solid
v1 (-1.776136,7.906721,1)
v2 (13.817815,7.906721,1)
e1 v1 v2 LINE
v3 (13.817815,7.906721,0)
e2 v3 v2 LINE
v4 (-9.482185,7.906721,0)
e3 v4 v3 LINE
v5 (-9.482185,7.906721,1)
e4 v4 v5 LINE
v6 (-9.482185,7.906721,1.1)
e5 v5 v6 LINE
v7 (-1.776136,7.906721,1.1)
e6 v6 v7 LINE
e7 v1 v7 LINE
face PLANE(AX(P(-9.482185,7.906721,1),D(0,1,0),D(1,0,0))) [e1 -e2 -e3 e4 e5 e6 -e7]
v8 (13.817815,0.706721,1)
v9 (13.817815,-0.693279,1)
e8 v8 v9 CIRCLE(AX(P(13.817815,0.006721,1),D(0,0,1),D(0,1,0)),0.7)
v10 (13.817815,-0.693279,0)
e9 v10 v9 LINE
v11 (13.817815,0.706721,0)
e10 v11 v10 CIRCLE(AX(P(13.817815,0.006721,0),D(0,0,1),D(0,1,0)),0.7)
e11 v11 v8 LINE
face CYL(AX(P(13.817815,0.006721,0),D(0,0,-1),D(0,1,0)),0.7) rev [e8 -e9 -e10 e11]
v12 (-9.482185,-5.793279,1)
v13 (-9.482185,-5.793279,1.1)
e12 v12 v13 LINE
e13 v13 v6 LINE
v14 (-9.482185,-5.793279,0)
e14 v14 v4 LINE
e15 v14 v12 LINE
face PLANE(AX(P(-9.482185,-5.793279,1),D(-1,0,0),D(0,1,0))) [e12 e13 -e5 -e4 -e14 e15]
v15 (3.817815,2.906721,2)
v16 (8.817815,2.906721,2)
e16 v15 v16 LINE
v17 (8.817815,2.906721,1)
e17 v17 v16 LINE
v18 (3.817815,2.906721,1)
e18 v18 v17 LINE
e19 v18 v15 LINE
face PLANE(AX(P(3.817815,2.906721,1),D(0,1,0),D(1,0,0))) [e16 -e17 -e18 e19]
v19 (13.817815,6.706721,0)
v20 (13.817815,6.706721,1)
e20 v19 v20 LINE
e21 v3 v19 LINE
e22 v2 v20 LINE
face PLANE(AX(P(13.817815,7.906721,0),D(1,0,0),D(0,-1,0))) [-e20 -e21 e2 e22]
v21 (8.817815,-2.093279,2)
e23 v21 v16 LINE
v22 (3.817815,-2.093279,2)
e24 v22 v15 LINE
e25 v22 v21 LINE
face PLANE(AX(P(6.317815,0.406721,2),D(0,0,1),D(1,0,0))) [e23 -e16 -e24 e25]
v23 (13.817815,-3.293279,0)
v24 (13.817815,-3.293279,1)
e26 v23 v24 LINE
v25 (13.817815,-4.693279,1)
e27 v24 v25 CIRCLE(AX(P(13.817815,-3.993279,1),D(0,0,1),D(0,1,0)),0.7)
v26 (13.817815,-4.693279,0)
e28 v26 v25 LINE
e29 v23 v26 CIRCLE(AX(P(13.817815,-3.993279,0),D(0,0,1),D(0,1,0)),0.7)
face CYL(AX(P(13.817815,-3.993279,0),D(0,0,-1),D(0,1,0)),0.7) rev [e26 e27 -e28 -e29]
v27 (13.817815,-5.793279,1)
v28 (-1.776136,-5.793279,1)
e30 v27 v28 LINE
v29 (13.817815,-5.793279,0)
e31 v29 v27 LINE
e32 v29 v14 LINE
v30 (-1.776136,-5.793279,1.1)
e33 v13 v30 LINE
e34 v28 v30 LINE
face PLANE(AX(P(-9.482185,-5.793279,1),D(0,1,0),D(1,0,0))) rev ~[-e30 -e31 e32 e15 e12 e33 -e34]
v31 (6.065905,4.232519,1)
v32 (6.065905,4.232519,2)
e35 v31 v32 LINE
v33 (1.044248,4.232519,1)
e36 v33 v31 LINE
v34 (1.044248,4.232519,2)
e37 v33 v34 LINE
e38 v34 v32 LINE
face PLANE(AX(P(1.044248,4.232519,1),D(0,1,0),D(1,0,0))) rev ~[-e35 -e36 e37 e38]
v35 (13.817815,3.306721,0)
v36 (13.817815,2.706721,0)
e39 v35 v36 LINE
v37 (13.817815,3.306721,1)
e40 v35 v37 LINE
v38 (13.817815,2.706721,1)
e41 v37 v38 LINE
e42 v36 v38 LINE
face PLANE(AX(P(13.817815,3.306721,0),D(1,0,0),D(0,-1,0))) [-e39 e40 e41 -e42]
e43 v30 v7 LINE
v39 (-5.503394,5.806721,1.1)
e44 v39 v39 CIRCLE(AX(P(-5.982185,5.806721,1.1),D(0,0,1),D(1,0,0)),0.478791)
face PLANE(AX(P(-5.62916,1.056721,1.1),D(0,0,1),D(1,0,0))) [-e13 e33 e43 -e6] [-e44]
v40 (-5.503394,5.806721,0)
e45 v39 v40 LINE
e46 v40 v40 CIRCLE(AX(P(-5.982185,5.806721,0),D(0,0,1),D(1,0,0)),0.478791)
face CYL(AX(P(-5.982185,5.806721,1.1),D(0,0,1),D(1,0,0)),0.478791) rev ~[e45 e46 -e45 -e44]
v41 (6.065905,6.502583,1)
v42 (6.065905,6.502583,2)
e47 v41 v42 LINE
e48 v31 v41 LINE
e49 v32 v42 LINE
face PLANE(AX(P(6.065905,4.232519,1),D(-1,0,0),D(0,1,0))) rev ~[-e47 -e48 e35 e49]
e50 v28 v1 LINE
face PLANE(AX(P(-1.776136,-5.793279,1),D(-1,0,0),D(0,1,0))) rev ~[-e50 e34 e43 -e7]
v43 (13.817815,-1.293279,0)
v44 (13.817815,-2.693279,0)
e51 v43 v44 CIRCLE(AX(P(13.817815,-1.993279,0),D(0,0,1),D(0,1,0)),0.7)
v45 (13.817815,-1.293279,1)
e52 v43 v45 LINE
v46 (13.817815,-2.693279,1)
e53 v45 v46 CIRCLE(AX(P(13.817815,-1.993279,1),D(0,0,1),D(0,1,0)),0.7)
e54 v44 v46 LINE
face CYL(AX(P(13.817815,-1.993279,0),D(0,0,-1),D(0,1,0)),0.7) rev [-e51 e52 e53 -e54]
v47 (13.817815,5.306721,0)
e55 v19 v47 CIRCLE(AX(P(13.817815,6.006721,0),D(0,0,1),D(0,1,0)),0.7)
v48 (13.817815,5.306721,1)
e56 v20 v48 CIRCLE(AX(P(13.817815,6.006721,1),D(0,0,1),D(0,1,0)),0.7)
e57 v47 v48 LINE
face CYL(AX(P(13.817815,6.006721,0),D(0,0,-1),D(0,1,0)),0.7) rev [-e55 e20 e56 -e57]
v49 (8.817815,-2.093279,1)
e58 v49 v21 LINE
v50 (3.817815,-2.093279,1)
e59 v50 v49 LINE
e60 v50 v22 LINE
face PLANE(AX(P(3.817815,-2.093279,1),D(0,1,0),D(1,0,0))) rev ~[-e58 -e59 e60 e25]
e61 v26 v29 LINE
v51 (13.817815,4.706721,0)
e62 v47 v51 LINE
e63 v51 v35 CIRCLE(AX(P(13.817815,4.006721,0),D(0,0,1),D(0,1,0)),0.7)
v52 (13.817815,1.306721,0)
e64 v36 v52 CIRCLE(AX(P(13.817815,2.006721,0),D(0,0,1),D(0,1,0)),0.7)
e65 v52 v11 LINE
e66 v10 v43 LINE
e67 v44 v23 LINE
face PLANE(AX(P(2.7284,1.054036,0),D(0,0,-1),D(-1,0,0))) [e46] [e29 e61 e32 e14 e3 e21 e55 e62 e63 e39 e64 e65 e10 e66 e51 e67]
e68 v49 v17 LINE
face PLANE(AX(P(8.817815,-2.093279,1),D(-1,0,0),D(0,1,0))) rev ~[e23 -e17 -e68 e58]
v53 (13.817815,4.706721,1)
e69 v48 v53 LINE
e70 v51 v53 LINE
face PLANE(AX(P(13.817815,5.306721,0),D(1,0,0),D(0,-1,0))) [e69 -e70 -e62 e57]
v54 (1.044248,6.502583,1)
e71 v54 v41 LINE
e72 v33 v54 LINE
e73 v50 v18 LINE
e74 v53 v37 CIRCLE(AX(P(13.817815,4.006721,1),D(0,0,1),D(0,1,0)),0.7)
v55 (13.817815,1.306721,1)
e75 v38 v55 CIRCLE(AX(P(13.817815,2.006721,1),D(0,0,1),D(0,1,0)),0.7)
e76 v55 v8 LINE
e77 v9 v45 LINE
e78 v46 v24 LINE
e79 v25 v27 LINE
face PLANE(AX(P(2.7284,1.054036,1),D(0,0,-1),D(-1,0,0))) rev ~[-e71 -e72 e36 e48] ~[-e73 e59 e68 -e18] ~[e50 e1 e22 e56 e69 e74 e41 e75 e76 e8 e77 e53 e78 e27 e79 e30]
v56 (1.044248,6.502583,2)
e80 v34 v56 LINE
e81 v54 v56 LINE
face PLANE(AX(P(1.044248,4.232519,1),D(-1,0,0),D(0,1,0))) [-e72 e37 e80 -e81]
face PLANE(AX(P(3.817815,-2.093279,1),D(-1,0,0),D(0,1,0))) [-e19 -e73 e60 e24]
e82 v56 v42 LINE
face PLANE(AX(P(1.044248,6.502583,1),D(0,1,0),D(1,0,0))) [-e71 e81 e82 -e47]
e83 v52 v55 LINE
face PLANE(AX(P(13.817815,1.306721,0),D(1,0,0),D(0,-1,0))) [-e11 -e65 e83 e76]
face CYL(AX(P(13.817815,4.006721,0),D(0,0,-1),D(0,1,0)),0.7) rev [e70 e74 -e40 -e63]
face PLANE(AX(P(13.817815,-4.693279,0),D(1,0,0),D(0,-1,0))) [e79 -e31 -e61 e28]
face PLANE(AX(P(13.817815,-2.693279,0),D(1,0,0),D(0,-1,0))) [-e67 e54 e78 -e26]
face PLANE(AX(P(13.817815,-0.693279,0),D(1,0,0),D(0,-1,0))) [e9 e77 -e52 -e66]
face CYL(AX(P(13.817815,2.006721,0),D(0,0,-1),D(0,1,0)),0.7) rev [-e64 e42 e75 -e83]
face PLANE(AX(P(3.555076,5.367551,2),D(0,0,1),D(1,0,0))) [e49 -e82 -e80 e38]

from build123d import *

# Parameters (mm, degrees)
BOSS_EXTRUDE1_DEPTH = 1
SKETCH2_W           = 7.706049631
SKETCH2_H           = 13.7
BOSS_EXTRUDE2_DEPTH = 0.1
SKETCH3_R           = 0.478791287
CUT_EXTRUDE1_DEPTH  = 2.1
SKETCH4_W           = 5
SKETCH4_H           = 5
BOSS_EXTRUDE3_DEPTH = 1
SKETCH6_W           = 5.021657736
SKETCH6_H           = 2.270064456
BOSS_EXTRUDE5_DEPTH = 1


with BuildPart() as part:
    # Sketch1 → Boss-Extrude1 (new body)
    with BuildSketch(Plane.XY):
        with BuildLine():
            Line((13.817814776, 5.306721311), (13.817814776, 4.706721311))
            ThreePointArc((13.817814776, 4.706721311), (13.117814776, 4.006721311), (13.817814776, 3.306721311))
            Line((13.817814776, 3.306721311), (13.817814776, 2.706721311))
            ThreePointArc((13.817814776, 2.706721311), (13.117814776, 2.006721311), (13.817814776, 1.306721311))
            Line((13.817814776, 1.306721311), (13.817814776, 0.706721311))
            ThreePointArc((13.817814776, 0.706721311), (13.117814776, 0.006721311), (13.817814776, -0.693278689))
            Line((13.817814776, -0.693278689), (13.817814776, -1.293278689))
            ThreePointArc((13.817814776, -1.293278689), (13.117814776, -1.993278689), (13.817814776, -2.693278689))
            Line((13.817814776, -2.693278689), (13.817814776, -3.293278689))
            ThreePointArc((13.817814776, -3.293278689), (13.117814776, -3.993278689), (13.817814776, -4.693278689))
            Line((13.817814776, -4.693278689), (13.817814776, -5.793278689))
            Line((13.817814776, -5.793278689), (-9.482185224, -5.793278689))
            Line((-9.482185224, -5.793278689), (-9.482185224, 7.906721311))
            Line((-9.482185224, 7.906721311), (13.817814776, 7.906721311))
            Line((13.817814776, 7.906721311), (13.817814776, 6.706721311))
            ThreePointArc((13.817814776, 6.706721311), (13.117814776, 6.006721311), (13.817814776, 5.306721311))
        make_face()
    extrude(amount=BOSS_EXTRUDE1_DEPTH)

    # Sketch2 → Boss-Extrude2 (add)
    with BuildSketch(Plane.XY.offset(1)):
        with Locations((-5.629160408, 1.056721311)):
            Rectangle(SKETCH2_W, SKETCH2_H)
    extrude(amount=BOSS_EXTRUDE2_DEPTH)

    # Sketch3 → Cut-Extrude1 (cut)
    with BuildSketch(Plane.XY.offset(1.1)):
        with Locations((-5.982185224, 5.806721311)):
            Circle(SKETCH3_R)
    extrude(amount=-CUT_EXTRUDE1_DEPTH, mode=Mode.SUBTRACT)

    # Sketch4 → Boss-Extrude3 (add)
    with BuildSketch(Plane.XY.offset(1)):
        with Locations((6.317814776, 0.406721311)):
            Rectangle(SKETCH4_W, SKETCH4_H)
    extrude(amount=BOSS_EXTRUDE3_DEPTH)

    # Sketch6 → Boss-Extrude5 (add)
    with BuildSketch(Plane.XY.offset(1)):
        with Locations((3.555076388, 5.367550784)):
            Rectangle(SKETCH6_W, SKETCH6_H)
    extrude(amount=BOSS_EXTRUDE5_DEPTH)


solid = part.part
